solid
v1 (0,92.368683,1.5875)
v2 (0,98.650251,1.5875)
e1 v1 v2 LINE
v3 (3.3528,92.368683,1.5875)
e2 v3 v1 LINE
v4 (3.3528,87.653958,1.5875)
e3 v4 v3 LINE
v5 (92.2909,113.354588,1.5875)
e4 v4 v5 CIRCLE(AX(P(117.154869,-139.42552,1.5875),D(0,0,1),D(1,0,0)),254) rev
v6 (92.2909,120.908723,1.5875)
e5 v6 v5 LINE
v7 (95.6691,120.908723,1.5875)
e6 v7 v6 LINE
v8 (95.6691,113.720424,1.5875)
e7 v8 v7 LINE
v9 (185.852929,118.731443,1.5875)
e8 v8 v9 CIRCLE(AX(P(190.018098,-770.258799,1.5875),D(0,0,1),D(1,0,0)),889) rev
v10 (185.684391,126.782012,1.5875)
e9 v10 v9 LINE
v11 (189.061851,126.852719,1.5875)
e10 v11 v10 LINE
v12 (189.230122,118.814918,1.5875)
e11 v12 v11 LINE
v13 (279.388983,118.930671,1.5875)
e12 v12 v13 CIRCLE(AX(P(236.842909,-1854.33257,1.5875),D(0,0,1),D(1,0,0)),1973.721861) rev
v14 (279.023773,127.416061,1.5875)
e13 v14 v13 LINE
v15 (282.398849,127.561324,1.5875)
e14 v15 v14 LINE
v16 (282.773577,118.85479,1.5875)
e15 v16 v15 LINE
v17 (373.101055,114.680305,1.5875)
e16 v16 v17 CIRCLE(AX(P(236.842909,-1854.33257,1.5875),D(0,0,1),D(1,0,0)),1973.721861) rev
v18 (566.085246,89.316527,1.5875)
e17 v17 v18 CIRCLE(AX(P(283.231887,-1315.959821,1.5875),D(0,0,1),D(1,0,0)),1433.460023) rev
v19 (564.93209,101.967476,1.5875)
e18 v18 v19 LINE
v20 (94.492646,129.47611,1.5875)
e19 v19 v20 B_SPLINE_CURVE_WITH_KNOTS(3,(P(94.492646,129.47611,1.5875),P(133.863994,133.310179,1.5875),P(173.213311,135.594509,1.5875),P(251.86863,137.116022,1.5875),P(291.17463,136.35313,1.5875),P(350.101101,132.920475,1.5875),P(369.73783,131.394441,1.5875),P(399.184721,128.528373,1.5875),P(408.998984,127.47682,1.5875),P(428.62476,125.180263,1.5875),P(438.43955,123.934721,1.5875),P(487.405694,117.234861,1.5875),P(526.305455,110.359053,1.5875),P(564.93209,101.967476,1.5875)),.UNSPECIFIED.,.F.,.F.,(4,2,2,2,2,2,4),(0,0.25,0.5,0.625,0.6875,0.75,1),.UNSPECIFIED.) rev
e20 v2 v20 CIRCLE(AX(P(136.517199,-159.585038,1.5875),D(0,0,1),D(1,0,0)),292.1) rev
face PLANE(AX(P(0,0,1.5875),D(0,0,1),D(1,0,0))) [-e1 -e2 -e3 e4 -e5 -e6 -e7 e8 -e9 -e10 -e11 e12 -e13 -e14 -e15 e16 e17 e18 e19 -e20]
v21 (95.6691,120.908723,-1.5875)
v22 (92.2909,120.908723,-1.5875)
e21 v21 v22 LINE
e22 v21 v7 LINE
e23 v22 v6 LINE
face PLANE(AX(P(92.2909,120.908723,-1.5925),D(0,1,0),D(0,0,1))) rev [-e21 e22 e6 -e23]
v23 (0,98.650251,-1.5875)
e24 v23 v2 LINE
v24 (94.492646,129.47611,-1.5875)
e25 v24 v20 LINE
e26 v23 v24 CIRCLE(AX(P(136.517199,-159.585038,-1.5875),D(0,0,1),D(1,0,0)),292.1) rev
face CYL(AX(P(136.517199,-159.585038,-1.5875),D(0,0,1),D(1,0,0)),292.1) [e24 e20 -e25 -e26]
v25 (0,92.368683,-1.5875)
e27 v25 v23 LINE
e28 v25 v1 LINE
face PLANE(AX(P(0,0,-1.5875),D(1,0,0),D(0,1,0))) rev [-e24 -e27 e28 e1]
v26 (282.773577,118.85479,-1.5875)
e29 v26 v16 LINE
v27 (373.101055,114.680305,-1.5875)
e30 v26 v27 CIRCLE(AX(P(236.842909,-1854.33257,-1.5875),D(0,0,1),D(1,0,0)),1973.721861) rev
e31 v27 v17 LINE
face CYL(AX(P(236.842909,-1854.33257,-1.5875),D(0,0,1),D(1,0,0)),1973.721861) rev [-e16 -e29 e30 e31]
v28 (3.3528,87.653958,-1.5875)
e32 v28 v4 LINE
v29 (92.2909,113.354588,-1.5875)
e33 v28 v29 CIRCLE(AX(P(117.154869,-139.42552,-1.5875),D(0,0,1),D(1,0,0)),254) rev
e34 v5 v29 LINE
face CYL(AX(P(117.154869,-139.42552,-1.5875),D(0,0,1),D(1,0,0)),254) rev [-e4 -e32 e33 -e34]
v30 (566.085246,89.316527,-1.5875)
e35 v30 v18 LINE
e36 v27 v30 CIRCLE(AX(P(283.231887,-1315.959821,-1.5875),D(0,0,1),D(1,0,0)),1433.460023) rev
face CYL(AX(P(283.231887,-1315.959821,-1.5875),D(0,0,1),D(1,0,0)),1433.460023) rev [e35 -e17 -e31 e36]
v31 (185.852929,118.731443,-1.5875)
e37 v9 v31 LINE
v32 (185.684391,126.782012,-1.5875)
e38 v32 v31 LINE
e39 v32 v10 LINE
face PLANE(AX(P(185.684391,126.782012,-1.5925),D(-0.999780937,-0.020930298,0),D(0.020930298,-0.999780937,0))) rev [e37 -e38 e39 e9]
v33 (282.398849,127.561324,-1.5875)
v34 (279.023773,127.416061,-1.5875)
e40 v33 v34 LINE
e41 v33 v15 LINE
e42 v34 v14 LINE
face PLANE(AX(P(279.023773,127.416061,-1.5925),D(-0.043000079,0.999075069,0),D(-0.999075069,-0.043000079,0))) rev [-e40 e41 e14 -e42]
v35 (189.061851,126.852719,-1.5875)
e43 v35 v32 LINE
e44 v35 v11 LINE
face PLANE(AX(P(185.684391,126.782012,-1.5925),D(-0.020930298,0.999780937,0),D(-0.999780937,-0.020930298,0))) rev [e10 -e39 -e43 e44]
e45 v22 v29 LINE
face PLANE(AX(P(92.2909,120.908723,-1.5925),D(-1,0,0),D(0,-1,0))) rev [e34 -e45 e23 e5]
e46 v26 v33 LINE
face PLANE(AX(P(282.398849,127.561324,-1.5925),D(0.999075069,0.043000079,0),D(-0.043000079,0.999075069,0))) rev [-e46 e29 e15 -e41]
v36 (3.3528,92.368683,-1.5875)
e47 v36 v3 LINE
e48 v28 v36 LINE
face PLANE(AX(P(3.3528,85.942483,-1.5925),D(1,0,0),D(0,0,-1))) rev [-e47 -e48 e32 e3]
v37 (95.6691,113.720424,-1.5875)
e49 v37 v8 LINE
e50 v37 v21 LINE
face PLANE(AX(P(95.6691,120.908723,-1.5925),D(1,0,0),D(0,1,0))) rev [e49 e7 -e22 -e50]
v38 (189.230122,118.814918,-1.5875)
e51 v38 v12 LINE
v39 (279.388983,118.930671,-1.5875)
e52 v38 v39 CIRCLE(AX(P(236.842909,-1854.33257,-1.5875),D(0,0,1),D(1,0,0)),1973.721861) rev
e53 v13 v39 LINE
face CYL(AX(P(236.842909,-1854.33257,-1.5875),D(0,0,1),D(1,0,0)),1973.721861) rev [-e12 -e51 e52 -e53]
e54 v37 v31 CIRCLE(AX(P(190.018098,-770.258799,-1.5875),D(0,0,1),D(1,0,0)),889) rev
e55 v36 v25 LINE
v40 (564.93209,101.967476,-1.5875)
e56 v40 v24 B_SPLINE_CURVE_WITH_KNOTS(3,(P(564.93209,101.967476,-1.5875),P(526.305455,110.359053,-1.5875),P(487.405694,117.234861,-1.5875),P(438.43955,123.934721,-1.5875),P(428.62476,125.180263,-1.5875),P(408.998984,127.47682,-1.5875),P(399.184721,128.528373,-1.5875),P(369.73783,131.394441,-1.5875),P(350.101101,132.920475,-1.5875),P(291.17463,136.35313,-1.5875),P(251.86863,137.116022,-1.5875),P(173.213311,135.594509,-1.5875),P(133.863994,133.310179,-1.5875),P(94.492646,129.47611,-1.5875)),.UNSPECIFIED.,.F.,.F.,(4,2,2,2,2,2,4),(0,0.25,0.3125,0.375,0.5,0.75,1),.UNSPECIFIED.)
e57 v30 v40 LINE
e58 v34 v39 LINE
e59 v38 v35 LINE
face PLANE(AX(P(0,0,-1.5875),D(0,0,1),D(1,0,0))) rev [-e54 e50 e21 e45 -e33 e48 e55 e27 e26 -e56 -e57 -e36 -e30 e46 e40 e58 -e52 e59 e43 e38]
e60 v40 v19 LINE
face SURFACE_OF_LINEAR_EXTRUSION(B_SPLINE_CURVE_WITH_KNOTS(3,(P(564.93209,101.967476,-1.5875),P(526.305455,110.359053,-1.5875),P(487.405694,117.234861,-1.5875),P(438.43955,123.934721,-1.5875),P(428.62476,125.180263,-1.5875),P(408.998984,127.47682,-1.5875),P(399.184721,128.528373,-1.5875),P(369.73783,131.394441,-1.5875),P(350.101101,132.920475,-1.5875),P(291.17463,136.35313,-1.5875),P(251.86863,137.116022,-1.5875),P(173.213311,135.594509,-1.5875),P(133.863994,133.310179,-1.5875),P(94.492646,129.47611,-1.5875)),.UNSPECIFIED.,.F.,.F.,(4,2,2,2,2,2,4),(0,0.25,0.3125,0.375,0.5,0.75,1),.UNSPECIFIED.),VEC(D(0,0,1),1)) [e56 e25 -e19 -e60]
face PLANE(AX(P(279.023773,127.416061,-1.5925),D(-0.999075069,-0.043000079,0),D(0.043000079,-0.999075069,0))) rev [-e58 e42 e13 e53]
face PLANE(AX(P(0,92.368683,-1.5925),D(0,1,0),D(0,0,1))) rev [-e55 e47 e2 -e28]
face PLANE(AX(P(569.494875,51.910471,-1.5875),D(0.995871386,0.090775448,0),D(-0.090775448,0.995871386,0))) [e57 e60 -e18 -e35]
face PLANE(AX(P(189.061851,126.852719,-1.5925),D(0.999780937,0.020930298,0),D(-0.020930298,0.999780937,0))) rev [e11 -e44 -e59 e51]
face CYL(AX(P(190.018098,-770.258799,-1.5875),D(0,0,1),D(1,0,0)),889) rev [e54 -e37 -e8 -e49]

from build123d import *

# Parameters (mm, degrees)
BOSS_EXTRUDE1_DEPTH = 1.5875
SKETCH2_W           = 3.3528
SKETCH2_H           = 6.4262
SKETCH2_W_2         = 3.3782
SKETCH2_H_2         = 12.7
CUT_EXTRUDE1_DEPTH  = 583.351362494


with BuildPart() as part:
    # Sketch1 → Boss-Extrude1 (new, symmetric)
    with BuildSketch(Plane.XY):
        with BuildLine():
            Line((0, 98.650251409), (0, 85.942482804))
            ThreePointArc((0, 85.942482804), (44.883725347, 104.075777355), (92.3925, 113.364561093))
            ThreePointArc((92.3925, 113.364561093), (139.073495573, 117.280297245), (185.895946704, 118.731643998))
            ThreePointArc((185.895946704, 118.731643998), (279.546572247, 118.92726657), (373.101055052, 114.68030529))
            ThreePointArc((373.101055052, 114.68030529), (470.024153779, 105.277769076), (566.085246422, 89.31652744))
            Line((566.085246422, 89.31652744), (564.932089986, 101.967475673))
            add(Edge.make_bspline(
                [(564.932089986, 101.967475673), (526.305455218, 110.35905311), (487.405693808, 117.234860687), (438.439550099, 123.934721128), (428.624759847, 125.180263294), (408.998984047, 127.476820047), (399.18472115, 128.528373058), (369.737829992, 131.394440576), (350.101100844, 132.920474645), (291.174630327, 136.353130053), (251.868630305, 137.116022476), (173.213311456, 135.594508668), (133.863993721, 133.310179259), (94.492645692, 129.476109839)],
                knots=[0, 0, 0, 0, 0.25, 0.25, 0.3125, 0.3125, 0.375, 0.375, 0.5, 0.5, 0.75, 0.75, 1, 1, 1, 1], degree=3))
            ThreePointArc((94.492645692, 129.476109839), (45.925545315, 118.111851759), (0, 98.650251409))
        make_face()
    extrude(amount=BOSS_EXTRUDE1_DEPTH, both=True)

    # Sketch2 → Cut-Extrude1 (cut, through all)
    with BuildSketch(Plane.XY.offset(1.5875)):
        with Locations((1.6764, 89.155582804)):
            Rectangle(SKETCH2_W, SKETCH2_H)
        with Locations((93.98, 114.558722781)):
            Rectangle(SKETCH2_W_2, SKETCH2_H_2)
        Polygon((185.684391149, 126.782012482), (189.061851112, 126.852719214), (189.327665893, 114.15550131), (185.950205931, 114.084794578), align=None)
        Polygon((279.023773174, 127.416061043), (282.398848572, 127.561323909), (282.944949573, 114.873070535), (279.569874175, 114.727807668), align=None)
    extrude(amount=-CUT_EXTRUDE1_DEPTH, mode=Mode.SUBTRACT)


solid = part.part
